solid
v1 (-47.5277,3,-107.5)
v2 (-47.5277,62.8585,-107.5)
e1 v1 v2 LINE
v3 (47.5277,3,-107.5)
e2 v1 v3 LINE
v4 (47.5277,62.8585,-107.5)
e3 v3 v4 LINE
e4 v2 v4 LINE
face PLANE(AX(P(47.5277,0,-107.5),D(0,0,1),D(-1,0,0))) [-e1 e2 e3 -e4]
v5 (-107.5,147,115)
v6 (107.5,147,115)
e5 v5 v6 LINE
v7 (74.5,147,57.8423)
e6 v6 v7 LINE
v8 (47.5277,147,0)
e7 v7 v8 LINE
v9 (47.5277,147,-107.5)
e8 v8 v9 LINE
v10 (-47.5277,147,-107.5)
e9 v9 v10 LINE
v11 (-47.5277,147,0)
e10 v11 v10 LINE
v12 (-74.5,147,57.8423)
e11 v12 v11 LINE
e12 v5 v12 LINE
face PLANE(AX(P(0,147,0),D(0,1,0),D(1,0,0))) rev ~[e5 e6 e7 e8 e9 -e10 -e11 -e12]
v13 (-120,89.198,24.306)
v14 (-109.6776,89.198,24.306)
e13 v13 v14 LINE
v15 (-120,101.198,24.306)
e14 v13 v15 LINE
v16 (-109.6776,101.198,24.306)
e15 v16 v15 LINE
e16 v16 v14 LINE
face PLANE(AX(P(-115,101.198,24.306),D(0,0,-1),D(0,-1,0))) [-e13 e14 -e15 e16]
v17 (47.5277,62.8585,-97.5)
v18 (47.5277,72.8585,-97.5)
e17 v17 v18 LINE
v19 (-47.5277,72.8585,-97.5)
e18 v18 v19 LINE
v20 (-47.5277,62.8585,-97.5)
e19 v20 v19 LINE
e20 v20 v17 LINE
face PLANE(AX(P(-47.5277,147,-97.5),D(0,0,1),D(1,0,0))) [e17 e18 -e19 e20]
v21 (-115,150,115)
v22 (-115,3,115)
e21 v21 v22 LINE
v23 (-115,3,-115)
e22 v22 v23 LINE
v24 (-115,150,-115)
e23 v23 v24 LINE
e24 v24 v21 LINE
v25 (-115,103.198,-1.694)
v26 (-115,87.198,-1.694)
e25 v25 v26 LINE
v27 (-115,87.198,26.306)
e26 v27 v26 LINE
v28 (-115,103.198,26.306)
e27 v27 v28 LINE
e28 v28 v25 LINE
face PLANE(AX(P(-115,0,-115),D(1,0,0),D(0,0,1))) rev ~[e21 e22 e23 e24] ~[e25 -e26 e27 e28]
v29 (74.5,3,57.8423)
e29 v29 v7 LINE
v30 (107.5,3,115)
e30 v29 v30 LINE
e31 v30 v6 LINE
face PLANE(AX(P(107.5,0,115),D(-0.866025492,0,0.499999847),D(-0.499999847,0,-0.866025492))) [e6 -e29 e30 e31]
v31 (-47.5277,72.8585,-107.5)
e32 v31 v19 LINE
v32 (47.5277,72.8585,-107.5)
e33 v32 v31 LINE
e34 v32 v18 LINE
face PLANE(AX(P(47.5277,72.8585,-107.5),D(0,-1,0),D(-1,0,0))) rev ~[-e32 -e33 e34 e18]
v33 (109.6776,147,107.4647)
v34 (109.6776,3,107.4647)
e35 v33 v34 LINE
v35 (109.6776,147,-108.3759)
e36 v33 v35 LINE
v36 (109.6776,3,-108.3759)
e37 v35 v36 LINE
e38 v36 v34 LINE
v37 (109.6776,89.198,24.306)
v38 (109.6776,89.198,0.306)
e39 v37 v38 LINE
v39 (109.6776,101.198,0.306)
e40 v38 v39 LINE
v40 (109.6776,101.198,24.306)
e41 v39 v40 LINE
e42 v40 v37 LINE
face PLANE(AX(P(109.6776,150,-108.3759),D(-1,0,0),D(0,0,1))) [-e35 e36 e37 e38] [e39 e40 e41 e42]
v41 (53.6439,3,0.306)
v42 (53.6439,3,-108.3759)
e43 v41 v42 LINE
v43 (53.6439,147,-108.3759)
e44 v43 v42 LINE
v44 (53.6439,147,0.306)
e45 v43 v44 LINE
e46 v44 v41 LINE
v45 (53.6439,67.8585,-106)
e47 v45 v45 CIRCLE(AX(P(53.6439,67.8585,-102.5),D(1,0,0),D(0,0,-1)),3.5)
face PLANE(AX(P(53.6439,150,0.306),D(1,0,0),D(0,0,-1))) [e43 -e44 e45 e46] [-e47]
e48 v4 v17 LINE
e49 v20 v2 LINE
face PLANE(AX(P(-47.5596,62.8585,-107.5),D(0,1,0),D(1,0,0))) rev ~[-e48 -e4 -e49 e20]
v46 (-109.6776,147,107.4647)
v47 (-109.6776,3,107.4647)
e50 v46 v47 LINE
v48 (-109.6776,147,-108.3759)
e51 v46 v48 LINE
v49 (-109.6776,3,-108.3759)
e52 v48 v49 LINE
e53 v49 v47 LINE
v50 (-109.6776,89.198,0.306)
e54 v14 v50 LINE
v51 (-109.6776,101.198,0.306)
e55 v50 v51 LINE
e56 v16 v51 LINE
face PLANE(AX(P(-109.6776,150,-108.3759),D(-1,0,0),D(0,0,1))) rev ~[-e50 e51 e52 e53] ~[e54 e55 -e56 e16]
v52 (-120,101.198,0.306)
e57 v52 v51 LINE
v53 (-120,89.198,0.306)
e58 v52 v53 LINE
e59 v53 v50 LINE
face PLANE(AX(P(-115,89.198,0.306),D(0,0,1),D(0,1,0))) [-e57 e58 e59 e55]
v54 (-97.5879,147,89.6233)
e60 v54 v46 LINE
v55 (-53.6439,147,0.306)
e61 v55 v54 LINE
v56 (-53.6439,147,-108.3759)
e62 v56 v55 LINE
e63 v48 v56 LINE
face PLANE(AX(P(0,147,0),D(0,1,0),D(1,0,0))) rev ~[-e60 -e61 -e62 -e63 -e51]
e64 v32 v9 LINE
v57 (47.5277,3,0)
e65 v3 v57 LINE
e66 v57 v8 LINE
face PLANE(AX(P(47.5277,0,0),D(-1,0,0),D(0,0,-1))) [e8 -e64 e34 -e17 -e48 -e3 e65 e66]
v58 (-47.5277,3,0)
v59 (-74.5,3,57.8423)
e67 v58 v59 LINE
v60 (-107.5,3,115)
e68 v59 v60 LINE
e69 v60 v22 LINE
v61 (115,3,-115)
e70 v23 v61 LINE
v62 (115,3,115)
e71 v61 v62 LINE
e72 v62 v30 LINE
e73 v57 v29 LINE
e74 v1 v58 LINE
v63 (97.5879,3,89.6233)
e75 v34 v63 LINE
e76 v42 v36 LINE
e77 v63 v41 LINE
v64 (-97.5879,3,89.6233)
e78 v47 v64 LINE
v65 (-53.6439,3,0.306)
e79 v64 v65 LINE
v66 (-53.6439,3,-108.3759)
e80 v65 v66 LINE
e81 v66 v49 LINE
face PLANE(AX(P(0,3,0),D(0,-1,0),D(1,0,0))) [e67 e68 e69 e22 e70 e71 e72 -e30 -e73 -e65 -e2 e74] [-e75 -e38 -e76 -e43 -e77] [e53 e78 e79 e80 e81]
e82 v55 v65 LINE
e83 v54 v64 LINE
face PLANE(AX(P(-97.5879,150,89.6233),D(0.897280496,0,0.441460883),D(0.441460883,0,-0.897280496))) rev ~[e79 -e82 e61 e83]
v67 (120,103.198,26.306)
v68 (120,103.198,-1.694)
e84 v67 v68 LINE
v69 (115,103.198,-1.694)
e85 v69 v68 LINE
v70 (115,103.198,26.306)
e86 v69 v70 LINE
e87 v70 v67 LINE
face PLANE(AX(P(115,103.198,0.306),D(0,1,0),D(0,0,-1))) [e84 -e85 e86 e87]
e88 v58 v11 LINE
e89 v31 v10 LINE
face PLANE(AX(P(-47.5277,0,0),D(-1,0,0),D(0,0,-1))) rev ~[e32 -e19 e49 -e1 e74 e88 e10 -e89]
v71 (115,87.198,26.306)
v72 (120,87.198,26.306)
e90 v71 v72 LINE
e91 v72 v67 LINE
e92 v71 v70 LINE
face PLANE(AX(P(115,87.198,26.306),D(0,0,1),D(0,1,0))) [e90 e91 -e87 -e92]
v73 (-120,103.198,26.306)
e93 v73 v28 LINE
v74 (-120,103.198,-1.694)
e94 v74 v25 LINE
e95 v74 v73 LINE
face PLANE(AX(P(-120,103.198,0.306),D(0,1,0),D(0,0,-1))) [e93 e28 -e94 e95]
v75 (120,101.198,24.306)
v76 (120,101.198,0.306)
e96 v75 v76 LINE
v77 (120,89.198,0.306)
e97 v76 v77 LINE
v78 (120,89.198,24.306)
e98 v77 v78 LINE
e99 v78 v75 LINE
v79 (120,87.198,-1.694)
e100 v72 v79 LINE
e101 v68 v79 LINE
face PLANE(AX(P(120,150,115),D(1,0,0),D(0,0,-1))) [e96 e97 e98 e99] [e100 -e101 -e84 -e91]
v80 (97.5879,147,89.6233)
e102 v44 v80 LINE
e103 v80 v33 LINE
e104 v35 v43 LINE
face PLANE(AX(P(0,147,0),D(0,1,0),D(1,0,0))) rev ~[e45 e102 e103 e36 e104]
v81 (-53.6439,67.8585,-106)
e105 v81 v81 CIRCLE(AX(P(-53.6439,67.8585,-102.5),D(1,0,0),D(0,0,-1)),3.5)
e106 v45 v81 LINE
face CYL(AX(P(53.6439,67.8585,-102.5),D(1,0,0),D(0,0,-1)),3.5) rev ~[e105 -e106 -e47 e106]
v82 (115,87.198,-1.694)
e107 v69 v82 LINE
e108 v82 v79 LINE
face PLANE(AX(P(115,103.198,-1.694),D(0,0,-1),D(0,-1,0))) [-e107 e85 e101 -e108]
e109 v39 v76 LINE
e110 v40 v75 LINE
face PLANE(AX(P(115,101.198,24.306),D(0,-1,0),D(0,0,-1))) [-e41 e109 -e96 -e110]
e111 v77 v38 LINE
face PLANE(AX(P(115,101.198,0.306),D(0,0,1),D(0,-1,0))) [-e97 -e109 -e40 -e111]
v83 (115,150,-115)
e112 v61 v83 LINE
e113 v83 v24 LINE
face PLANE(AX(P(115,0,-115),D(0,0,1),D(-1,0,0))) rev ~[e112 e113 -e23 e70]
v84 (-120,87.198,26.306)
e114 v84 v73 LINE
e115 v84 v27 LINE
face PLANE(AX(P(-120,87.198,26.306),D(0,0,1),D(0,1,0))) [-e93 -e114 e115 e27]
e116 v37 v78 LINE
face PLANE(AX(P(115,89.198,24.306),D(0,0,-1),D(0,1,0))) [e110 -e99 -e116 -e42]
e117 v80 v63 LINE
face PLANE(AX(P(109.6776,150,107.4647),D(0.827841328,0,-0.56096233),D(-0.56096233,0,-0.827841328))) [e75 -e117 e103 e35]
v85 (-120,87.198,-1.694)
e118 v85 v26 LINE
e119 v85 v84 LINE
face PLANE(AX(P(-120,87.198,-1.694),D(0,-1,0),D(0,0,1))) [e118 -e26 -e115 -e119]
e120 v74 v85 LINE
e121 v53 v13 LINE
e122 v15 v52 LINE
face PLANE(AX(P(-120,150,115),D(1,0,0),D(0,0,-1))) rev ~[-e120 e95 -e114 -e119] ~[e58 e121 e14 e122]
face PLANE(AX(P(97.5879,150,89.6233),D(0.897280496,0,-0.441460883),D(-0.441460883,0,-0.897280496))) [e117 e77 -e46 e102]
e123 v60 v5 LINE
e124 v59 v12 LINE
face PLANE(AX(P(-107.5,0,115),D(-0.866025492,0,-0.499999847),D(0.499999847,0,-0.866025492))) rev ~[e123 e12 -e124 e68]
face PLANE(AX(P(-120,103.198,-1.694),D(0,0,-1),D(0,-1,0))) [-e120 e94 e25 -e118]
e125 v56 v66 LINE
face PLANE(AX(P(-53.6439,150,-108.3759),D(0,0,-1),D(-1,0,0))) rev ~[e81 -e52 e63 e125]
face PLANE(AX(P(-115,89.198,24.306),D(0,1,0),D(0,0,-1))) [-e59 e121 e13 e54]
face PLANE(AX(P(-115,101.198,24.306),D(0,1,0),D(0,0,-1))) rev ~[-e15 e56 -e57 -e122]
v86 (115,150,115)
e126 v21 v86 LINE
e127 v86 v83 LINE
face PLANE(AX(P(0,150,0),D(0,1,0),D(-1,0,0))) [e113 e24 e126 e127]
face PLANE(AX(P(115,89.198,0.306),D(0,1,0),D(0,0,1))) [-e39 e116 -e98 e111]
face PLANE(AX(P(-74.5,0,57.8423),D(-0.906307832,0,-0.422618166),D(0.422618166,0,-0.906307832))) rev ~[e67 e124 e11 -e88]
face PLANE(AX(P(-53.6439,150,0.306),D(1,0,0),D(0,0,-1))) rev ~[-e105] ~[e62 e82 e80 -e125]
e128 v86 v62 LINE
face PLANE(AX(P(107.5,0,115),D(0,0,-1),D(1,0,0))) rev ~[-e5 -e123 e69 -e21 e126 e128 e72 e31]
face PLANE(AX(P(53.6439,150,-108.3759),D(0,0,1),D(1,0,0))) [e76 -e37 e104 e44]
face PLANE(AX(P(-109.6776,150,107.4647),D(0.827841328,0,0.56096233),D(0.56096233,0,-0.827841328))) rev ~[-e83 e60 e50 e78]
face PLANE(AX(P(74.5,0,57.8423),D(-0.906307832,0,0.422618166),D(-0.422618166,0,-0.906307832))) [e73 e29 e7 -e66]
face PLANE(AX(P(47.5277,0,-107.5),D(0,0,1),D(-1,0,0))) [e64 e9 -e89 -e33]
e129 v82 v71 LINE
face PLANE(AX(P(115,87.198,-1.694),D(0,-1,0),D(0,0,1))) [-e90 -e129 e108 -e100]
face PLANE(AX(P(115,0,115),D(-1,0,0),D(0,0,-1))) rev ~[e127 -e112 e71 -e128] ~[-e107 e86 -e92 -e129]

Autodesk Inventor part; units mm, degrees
ref_plane "YZ Plane" through (0, 0, 0) normal (1, 0, 0) x (0, 1, 0)
ref_plane "XZ Plane" through (0, 0, 0) normal (0, 1, 0) x (-1, 0, 0)
ref_plane "XY Plane" through (0, 0, 0) normal (0, 0, 1) x (1, 0, 0)
sketch "Эскиз1" plane through (0, 0, 0) normal (0, 1, 0) x (-1, 0, 0)
  line L0 (-115, -115) -> (115, -115)
  line L1 (115, -115) -> (115, 115)
  line L2 (-115, 115) -> (-115, -115)
  line L3 (-115, -115) -> (115, 115) construction
  line L4 (115, -115) -> (-115, 115) construction
  line L5 (-107.5, -107.5) -> (107.5, -107.5)
  line L6 (107.5, -107.5) -> (107.5, 107.5)
  line L7 (-107.5, 107.5) -> (-107.5, -107.5)
  line L8 (-107.5, -107.5) -> (107.5, 107.5) construction
  line L9 (107.5, -107.5) -> (-107.5, 107.5) construction
  line L10 (107.5, 107.5) -> (107.5, 115)
  line L11 (-107.5, 107.5) -> (-107.5, 115)
  line L12 (115, 115) -> (107.5, 115)
  line L13 (-107.5, 115) -> (-115, 115)
  line L14 (107.5, 115) -> (74.5, 57.8423)
  line L15 (107.5, 115) -> (173.5, 115) construction
  line L16 (74.5, 57.8423) -> (47.5277, 0)
  line L17 (74.5, 57.8423) -> (138.3219, 57.8423) construction
  line L18 (47.5277, 0) -> (47.5277, -107.5)
  line L19 (-107.5, 115) -> (-74.5, 57.8423)
  line L20 (-107.5, 115) -> (-41.5, 115) construction
  line L21 (-74.5, 57.8423) -> (-47.5277, 0)
  line L22 (-74.5, 57.8423) -> (-10.6781, 57.8423) construction
  line L23 (-47.5277, 0) -> (-47.5277, -107.5)
  point P0 (0, 0)
  dimension "d0" = 230
  dimension "d1" = 230
  dimension "d4" = 66
  dimension "d5" = 120
  dimension "d6" = 115
  dimension "d7" = 66
  dimension "d8" = 60
  dimension "d9" = 65
extrude "Выдавливание1" add sketch "Эскиз1" along normal blind 150
sketch "Эскиз2" plane through (0, 150, 0) normal (0, 1, 0) x (1, 0, 0)
  line L0 (97.5879, -89.6233) -> (53.6439, -0.306)
  line L1 (53.6439, -0.306) -> (53.6439, 108.3759)
  line L2 (53.6439, 108.3759) -> (109.6776, 108.3759)
  line L3 (109.6776, 108.3759) -> (109.6776, -107.4647)
  line L4 (109.6776, -107.4647) -> (97.5879, -89.6233)
  line L5 (0, -179.4064) -> (0, 240.0482)
  line L6 (-97.5879, -89.6233) -> (-53.6439, -0.306)
  line L7 (-53.6439, -0.306) -> (-53.6439, 108.3759)
  line L8 (-53.6439, 108.3759) -> (-109.6776, 108.3759)
  line L9 (-109.6776, 108.3759) -> (-109.6776, -107.4647)
  line L10 (-109.6776, -107.4647) -> (-97.5879, -89.6233)
  point P0 (0, 0)
extrude "Выдавливание2" cut sketch "Эскиз2" against normal blind 135161
sketch "Эскиз3" plane through (0, 150, 0) normal (0, 1, 0) x (1, 0, 0)
  line L0 (-107.5, -115) -> (-115, -115) projected
  line L1 (115, 115) -> (-115, 115)
  line L2 (-115, 115) -> (-115, -115)
  line L3 (-115, -115) -> (115, -115)
  line L4 (115, -115) -> (115, 115)
  line L5 (115, 115) -> (-115, -115) construction
  line L6 (-115, 115) -> (115, -115) construction
  point P0 (0, 0)
extrude "Выдавливание3" add sketch "Эскиз3" against normal blind 3
sketch "Эскиз4" plane through (0, 0, 0) normal (0, -1, 0) x (1, 0, 0)
  line L0 (-115, -115) -> (115, -115) projected
  line L1 (115, 115) -> (-115, 115)
  line L2 (-115, 115) -> (-115, -115)
  line L3 (-115, -115) -> (115, -115)
  line L4 (115, -115) -> (115, 115)
  line L5 (115, 115) -> (-115, -115) construction
  line L6 (-115, 115) -> (115, -115) construction
  point P0 (0, 0)
  dimension "d16" = 230
  dimension "d17" = 230
extrude "Выдавливание4" cut sketch "Эскиз4" against normal blind 3
sketch "Эскиз5" plane through (-47.5277, 147, -107.5) normal (0, 0, 1) x (1, 0, 0)
  line L0 (95.0554, -144) -> (95.0554, 0) projected
  line L1 (-0.0319, -84.1415) -> (95.0554, -84.1415)
  line L2 (95.0554, -84.1415) -> (95.0554, -74.1415)
  line L3 (95.0554, -74.1415) -> (-0.0319, -74.1415)
  line L4 (-0.0319, -74.1415) -> (-0.0319, -84.1415)
  point P0 (47.5277, -147)
  dimension "d20" = 10
extrude "Выдавливание5" add sketch "Эскиз5" along normal blind 10
sketch "Эскиз6" plane through (53.6439, 147, 0.306) normal (1, 0, 0) x (0, 0, -1)
  line L0 (107.806, -74.1415) -> (97.806, -74.1415) projected
  line L1 (97.806, -74.1415) -> (97.806, -84.1415) projected
  line L2 (97.806, -84.1415) -> (107.806, -84.1415) projected
  line L3 (107.806, -144) -> (107.806, -84.1415) projected
  line L4 (107.806, -144) -> (0.306, -144) projected
  line L5 (0.306, -144) -> (0.306, 0) projected
  line L6 (0.306, 0) -> (107.806, 0) projected
  line L7 (107.806, -74.1415) -> (107.806, 0) projected
  circle A0 centre (102.806, -79.1415) radius 3.5
  point P0 (0.306, -147)
  dimension "d23" = 7
extrude "Выдавливание6" cut sketch "Эскиз6" against normal blind 113.25 contours A0
sketch "Эскиз7" plane through (115, 150, 115) normal (1, 0, 0) x (0, 0, -1)
  line L0 (114.694, -3) -> (114.694, -147) projected
  line L1 (114.694, -60.802) -> (90.694, -60.802)
  line L2 (90.694, -60.802) -> (90.694, -48.802)
  line L3 (90.694, -48.802) -> (114.694, -48.802)
  line L4 (114.694, -48.802) -> (114.694, -60.802)
  line L5 (116.694, -62.802) -> (88.694, -62.802)
  line L6 (88.694, -62.802) -> (88.694, -46.802)
  line L7 (88.694, -46.802) -> (116.694, -46.802)
  line L8 (116.694, -46.802) -> (116.694, -62.802)
  line L9 (116.694, -62.802) -> (88.694, -46.802) construction
  line L10 (88.694, -62.802) -> (116.694, -46.802) construction
  point P0 (115, -150)
  point P1 (102.694, -54.802)
  point P2 (114.694, -48.802)
  dimension "d26" = 24
  dimension "d27" = 12
  dimension "d28" = 28
  dimension "d29" = 16
extrude "Выдавливание7" add sketch "Эскиз7" along normal blind 5 contours L0 L7 L8 L5 | L3 L2 L1 L0 L5 L6 L7
extrude "Выдавливание8" cut sketch "Эскиз7" against normal blind 44.75 contours L0 L1 L2 L3
pattern_linear "Прямоуг.массив1" count 2 spacing 235 along (-1, 0, 0) of "Выдавливание7"
sketch "Эскиз8" plane through (-115, 89.198, 0.306) normal (-1, 0, 0) x (0, 0, 1)
  line L0 (24, 12) -> (24, 0) projected
  line L1 (24, 12) -> (0, 12) projected
  line L2 (24, 0) -> (0, 0)
  line L3 (0, 0) -> (0, 12)
  line L4 (0, 12) -> (24, 12)
  line L5 (24, 12) -> (24, 0)
  point P0 (-0.306, -89.198)
extrude "Выдавливание9" cut sketch "Эскиз8" against normal blind 18
properties part number "qzawsxedcfvgbhnjmk,l."
